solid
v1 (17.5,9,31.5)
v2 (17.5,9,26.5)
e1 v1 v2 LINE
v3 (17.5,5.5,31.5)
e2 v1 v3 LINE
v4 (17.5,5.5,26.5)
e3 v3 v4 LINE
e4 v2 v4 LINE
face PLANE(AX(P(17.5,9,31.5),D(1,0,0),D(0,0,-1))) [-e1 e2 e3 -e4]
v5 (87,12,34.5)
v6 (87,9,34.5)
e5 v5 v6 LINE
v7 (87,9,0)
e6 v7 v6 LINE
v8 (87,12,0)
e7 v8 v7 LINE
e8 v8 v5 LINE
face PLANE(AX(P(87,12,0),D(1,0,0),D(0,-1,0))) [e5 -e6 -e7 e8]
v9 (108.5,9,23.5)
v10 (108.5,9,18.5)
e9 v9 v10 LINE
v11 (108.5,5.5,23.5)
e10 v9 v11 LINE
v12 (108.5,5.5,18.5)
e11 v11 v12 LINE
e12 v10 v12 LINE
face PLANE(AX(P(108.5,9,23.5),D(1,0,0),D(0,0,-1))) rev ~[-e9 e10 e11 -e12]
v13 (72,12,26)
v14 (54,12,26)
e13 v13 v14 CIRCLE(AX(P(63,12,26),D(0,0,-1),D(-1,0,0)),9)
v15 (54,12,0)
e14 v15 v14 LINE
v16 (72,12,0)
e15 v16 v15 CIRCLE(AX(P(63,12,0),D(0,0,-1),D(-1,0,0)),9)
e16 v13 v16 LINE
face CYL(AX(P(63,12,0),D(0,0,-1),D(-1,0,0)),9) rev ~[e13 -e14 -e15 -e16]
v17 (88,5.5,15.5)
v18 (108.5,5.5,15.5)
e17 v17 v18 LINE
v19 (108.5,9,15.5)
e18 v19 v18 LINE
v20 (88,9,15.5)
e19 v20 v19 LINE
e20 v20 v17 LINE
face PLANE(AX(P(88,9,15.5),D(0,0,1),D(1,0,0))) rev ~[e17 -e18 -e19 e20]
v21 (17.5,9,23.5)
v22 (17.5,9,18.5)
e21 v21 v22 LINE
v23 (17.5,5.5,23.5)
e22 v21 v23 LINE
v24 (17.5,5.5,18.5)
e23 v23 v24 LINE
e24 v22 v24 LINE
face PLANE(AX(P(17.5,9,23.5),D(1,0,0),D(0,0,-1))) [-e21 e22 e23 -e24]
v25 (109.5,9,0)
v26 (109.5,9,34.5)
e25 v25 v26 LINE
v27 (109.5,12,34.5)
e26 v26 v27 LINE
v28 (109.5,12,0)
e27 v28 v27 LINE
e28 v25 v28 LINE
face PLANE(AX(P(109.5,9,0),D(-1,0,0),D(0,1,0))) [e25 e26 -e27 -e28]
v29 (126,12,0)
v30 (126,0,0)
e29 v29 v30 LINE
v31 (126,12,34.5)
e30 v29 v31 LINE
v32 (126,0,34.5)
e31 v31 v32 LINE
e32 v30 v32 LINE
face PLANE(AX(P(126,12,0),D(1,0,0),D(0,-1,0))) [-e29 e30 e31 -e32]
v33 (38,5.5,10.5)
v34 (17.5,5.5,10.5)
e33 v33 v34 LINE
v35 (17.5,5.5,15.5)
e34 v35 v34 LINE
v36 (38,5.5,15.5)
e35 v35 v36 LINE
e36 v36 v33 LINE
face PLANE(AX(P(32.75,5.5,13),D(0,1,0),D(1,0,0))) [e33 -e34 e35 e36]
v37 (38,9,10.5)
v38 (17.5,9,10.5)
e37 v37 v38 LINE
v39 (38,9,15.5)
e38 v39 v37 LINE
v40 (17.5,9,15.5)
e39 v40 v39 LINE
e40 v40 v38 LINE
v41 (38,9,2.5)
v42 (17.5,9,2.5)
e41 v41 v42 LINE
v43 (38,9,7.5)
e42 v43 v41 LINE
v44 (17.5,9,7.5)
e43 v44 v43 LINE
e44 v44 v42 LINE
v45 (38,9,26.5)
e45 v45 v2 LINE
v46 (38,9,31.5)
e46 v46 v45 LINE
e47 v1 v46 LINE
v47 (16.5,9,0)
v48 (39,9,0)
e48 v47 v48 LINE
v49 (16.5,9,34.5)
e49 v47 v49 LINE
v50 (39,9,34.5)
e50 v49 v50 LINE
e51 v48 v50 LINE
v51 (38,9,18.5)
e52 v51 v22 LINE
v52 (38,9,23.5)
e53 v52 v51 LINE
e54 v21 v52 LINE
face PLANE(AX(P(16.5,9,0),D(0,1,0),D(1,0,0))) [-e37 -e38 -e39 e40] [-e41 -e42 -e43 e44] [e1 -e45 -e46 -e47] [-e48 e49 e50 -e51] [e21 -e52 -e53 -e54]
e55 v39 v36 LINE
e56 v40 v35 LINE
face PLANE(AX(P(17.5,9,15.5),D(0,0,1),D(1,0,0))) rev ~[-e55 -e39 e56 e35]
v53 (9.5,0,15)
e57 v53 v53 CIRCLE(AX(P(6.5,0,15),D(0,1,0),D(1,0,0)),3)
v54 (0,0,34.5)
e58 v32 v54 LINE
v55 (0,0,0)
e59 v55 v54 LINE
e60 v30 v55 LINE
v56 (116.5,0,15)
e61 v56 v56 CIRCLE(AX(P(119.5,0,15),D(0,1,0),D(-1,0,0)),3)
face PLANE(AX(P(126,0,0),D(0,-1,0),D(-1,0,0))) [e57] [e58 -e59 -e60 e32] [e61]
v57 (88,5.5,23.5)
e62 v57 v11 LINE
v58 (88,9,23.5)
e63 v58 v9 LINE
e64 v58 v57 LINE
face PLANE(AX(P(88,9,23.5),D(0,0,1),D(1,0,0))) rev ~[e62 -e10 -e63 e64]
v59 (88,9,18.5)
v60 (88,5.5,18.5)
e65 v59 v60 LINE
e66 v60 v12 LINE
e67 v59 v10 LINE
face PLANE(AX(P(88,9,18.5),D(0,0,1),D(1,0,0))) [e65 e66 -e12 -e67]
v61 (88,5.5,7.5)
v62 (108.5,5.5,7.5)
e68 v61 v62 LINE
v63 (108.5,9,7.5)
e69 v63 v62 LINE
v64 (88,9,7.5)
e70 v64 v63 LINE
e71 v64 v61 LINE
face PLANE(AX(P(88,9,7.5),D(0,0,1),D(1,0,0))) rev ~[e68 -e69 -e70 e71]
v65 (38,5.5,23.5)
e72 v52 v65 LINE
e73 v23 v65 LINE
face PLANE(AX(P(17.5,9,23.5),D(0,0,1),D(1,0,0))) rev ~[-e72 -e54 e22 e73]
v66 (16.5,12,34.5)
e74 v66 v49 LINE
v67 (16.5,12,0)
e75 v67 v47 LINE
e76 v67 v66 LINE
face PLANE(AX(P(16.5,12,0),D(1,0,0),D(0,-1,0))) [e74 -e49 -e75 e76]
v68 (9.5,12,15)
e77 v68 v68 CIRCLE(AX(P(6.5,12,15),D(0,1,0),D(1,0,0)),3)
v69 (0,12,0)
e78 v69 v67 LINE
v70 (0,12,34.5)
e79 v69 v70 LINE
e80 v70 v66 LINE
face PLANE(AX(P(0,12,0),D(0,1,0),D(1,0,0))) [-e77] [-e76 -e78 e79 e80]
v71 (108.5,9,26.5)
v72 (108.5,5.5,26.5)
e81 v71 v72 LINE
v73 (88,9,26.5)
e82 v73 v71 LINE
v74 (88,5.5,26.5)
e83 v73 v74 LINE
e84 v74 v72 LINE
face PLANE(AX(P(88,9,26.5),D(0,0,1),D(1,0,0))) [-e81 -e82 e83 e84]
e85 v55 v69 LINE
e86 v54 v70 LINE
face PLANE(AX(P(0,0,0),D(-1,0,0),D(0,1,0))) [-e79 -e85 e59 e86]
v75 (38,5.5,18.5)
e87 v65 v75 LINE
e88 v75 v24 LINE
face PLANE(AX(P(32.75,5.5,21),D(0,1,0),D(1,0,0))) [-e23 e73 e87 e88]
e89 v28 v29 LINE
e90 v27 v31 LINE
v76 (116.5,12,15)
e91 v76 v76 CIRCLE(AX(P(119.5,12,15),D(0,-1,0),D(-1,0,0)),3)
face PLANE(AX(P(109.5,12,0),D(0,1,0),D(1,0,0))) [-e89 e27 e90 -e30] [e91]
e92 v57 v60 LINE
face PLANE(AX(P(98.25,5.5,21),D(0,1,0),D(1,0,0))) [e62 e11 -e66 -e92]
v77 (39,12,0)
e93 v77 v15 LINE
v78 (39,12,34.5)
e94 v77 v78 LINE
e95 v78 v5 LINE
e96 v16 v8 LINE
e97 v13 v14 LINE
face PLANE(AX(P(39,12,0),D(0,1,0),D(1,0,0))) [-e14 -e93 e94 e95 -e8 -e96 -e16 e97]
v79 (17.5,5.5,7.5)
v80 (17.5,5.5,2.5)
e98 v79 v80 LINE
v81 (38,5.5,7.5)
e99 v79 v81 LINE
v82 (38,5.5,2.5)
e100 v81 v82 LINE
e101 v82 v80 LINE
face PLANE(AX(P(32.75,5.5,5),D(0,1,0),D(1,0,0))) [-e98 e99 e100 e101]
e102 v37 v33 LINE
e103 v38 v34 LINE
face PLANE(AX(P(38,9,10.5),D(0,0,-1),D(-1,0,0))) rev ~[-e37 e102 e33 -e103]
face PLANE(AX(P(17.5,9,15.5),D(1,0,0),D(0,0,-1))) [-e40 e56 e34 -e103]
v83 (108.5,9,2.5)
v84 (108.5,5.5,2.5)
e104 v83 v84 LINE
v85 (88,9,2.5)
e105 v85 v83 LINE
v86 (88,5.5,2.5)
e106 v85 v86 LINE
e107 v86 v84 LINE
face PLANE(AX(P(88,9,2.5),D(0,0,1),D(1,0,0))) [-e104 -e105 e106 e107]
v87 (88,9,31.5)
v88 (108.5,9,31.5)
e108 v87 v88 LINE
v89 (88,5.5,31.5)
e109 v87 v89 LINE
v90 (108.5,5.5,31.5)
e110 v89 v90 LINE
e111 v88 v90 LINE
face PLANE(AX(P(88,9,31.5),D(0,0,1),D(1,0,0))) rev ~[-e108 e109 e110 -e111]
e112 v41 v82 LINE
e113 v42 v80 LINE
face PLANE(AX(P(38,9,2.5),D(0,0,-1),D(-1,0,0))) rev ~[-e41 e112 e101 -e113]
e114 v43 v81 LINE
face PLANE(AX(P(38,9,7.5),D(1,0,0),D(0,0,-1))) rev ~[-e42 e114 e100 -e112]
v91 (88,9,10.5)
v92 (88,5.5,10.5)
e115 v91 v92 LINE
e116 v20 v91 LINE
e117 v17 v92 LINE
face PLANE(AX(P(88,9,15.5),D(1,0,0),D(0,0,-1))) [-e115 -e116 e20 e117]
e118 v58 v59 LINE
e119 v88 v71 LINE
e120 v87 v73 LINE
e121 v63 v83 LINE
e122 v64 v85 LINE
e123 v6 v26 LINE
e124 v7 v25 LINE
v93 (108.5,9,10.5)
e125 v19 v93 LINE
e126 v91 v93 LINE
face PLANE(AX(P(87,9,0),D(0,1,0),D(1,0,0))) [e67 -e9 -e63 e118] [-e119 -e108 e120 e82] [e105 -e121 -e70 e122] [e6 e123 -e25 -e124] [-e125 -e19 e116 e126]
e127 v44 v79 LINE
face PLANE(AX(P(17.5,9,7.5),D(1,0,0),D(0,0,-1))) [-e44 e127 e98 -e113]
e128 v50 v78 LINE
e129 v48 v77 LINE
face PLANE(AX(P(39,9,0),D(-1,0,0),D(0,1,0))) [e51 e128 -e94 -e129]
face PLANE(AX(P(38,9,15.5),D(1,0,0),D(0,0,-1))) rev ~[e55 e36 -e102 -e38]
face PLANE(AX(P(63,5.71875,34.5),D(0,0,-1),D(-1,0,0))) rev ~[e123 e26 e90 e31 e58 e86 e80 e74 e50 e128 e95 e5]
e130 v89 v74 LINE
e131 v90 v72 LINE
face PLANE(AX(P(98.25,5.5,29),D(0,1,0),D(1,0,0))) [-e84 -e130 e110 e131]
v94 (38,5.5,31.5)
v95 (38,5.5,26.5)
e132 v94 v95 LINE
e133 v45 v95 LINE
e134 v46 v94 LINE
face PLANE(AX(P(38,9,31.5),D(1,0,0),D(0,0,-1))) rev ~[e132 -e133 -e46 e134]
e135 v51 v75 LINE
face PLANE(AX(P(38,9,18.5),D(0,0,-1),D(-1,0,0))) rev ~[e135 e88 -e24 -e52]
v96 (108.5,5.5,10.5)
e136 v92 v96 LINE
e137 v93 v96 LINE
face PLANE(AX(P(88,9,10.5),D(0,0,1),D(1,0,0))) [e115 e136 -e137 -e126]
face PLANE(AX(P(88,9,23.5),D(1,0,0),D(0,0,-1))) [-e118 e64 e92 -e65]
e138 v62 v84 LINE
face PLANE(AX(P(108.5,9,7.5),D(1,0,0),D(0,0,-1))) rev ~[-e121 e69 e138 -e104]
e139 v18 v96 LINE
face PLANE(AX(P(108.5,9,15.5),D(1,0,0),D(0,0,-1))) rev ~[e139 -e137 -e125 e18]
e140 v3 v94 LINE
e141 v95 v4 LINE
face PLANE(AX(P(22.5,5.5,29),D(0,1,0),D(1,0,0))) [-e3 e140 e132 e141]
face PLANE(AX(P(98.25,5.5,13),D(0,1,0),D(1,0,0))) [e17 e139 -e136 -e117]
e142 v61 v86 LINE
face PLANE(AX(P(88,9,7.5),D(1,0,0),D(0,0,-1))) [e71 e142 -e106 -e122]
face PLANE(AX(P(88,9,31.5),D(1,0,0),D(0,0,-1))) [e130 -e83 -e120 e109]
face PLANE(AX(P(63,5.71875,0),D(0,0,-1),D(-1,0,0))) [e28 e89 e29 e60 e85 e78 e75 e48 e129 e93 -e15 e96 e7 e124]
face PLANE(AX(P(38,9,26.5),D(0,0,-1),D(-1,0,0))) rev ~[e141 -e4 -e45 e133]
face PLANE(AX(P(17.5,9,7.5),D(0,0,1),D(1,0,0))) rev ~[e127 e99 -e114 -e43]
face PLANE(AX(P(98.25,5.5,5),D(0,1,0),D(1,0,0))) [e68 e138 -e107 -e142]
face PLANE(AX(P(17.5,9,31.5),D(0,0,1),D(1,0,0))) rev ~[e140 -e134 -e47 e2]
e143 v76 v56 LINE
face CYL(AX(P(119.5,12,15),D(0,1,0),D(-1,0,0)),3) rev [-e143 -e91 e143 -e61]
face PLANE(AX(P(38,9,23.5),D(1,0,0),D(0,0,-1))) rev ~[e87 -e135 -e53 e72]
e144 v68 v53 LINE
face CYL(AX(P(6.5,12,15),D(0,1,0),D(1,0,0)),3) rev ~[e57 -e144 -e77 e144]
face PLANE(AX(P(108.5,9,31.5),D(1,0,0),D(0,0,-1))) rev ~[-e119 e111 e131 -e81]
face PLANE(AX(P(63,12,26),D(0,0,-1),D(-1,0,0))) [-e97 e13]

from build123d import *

# Parameters (mm, degrees)
SALIENTE_EXTRUIR1_DEPTH = 34.5
CROQUIS2_R              = 9
CORTAR_EXTRUIR1_DEPTH   = 26
CROQUIS3_W              = 10
CROQUIS3_H              = 5
CROQUIS3_W_2            = 10.5
CROQUIS3_W_3            = 20.5
CORTAR_EXTRUIR2_DEPTH   = 3.5
CROQUIS4_R              = 3
CORTAR_EXTRUIR3_DEPTH   = 13


with BuildPart() as part:
    # Croquis1 → Saliente-Extruir1 (new body)
    with BuildSketch(Plane.XY):
        Polygon((0, 0), (0, 12), (16.5, 12), (16.5, 9), (39, 9), (39, 12), (87, 12), (87, 9), (109.5, 9), (109.5, 12), (126, 12), (126, 0), align=None)
    extrude(amount=SALIENTE_EXTRUIR1_DEPTH)

    # Croquis2 → Cortar-Extruir1 (cut)
    with BuildSketch(Plane(origin=(0, 0, 0), x_dir=(-1, 0, 0), z_dir=(0, 0, -1))):
        with Locations((-63, 12)):
            Circle(CROQUIS2_R)
    extrude(amount=-CORTAR_EXTRUIR1_DEPTH, mode=Mode.SUBTRACT)

    # Croquis3 → Cortar-Extruir2 (cut)
    with BuildSketch(Plane(origin=(0, 9, 0), x_dir=(1, 0, 0), z_dir=(0, 1, 0))):
        with Locations((22.5, -29)):
            Rectangle(CROQUIS3_W, CROQUIS3_H)
        with Locations((32.75, -29)):
            Rectangle(CROQUIS3_W_2, CROQUIS3_H)
        with Locations((32.75, -21)):
            Rectangle(CROQUIS3_W_2, CROQUIS3_H)
        with Locations((22.5, -21)):
            Rectangle(CROQUIS3_W, CROQUIS3_H)
        with Locations((32.75, -13)):
            Rectangle(CROQUIS3_W_2, CROQUIS3_H)
        with Locations((22.5, -13)):
            Rectangle(CROQUIS3_W, CROQUIS3_H)
        with Locations((32.75, -5)):
            Rectangle(CROQUIS3_W_2, CROQUIS3_H)
        with Locations((22.5, -5)):
            Rectangle(CROQUIS3_W, CROQUIS3_H)
        with Locations((98.25, -29)):
            Rectangle(CROQUIS3_W_3, CROQUIS3_H)
        with Locations((98.25, -21)):
            Rectangle(CROQUIS3_W_3, CROQUIS3_H)
        with Locations((98.25, -13)):
            Rectangle(CROQUIS3_W_3, CROQUIS3_H)
        with Locations((98.25, -5)):
            Rectangle(CROQUIS3_W_3, CROQUIS3_H)
    extrude(amount=-CORTAR_EXTRUIR2_DEPTH, mode=Mode.SUBTRACT)

    # Croquis4 → Cortar-Extruir3 (cut, through all)
    with BuildSketch(Plane(origin=(0, 12, 0), x_dir=(1, 0, 0), z_dir=(0, 1, 0))):
        with Locations((6.5, -15)):
            Circle(CROQUIS4_R)
    cortar_extruir3 = extrude(amount=-CORTAR_EXTRUIR3_DEPTH, mode=Mode.SUBTRACT)

    # Simetría1: Cortar-Extruir3 across plane
    add(cortar_extruir3.mirror(Plane.ZY.offset(-63)), mode=Mode.SUBTRACT)


solid = part.part
